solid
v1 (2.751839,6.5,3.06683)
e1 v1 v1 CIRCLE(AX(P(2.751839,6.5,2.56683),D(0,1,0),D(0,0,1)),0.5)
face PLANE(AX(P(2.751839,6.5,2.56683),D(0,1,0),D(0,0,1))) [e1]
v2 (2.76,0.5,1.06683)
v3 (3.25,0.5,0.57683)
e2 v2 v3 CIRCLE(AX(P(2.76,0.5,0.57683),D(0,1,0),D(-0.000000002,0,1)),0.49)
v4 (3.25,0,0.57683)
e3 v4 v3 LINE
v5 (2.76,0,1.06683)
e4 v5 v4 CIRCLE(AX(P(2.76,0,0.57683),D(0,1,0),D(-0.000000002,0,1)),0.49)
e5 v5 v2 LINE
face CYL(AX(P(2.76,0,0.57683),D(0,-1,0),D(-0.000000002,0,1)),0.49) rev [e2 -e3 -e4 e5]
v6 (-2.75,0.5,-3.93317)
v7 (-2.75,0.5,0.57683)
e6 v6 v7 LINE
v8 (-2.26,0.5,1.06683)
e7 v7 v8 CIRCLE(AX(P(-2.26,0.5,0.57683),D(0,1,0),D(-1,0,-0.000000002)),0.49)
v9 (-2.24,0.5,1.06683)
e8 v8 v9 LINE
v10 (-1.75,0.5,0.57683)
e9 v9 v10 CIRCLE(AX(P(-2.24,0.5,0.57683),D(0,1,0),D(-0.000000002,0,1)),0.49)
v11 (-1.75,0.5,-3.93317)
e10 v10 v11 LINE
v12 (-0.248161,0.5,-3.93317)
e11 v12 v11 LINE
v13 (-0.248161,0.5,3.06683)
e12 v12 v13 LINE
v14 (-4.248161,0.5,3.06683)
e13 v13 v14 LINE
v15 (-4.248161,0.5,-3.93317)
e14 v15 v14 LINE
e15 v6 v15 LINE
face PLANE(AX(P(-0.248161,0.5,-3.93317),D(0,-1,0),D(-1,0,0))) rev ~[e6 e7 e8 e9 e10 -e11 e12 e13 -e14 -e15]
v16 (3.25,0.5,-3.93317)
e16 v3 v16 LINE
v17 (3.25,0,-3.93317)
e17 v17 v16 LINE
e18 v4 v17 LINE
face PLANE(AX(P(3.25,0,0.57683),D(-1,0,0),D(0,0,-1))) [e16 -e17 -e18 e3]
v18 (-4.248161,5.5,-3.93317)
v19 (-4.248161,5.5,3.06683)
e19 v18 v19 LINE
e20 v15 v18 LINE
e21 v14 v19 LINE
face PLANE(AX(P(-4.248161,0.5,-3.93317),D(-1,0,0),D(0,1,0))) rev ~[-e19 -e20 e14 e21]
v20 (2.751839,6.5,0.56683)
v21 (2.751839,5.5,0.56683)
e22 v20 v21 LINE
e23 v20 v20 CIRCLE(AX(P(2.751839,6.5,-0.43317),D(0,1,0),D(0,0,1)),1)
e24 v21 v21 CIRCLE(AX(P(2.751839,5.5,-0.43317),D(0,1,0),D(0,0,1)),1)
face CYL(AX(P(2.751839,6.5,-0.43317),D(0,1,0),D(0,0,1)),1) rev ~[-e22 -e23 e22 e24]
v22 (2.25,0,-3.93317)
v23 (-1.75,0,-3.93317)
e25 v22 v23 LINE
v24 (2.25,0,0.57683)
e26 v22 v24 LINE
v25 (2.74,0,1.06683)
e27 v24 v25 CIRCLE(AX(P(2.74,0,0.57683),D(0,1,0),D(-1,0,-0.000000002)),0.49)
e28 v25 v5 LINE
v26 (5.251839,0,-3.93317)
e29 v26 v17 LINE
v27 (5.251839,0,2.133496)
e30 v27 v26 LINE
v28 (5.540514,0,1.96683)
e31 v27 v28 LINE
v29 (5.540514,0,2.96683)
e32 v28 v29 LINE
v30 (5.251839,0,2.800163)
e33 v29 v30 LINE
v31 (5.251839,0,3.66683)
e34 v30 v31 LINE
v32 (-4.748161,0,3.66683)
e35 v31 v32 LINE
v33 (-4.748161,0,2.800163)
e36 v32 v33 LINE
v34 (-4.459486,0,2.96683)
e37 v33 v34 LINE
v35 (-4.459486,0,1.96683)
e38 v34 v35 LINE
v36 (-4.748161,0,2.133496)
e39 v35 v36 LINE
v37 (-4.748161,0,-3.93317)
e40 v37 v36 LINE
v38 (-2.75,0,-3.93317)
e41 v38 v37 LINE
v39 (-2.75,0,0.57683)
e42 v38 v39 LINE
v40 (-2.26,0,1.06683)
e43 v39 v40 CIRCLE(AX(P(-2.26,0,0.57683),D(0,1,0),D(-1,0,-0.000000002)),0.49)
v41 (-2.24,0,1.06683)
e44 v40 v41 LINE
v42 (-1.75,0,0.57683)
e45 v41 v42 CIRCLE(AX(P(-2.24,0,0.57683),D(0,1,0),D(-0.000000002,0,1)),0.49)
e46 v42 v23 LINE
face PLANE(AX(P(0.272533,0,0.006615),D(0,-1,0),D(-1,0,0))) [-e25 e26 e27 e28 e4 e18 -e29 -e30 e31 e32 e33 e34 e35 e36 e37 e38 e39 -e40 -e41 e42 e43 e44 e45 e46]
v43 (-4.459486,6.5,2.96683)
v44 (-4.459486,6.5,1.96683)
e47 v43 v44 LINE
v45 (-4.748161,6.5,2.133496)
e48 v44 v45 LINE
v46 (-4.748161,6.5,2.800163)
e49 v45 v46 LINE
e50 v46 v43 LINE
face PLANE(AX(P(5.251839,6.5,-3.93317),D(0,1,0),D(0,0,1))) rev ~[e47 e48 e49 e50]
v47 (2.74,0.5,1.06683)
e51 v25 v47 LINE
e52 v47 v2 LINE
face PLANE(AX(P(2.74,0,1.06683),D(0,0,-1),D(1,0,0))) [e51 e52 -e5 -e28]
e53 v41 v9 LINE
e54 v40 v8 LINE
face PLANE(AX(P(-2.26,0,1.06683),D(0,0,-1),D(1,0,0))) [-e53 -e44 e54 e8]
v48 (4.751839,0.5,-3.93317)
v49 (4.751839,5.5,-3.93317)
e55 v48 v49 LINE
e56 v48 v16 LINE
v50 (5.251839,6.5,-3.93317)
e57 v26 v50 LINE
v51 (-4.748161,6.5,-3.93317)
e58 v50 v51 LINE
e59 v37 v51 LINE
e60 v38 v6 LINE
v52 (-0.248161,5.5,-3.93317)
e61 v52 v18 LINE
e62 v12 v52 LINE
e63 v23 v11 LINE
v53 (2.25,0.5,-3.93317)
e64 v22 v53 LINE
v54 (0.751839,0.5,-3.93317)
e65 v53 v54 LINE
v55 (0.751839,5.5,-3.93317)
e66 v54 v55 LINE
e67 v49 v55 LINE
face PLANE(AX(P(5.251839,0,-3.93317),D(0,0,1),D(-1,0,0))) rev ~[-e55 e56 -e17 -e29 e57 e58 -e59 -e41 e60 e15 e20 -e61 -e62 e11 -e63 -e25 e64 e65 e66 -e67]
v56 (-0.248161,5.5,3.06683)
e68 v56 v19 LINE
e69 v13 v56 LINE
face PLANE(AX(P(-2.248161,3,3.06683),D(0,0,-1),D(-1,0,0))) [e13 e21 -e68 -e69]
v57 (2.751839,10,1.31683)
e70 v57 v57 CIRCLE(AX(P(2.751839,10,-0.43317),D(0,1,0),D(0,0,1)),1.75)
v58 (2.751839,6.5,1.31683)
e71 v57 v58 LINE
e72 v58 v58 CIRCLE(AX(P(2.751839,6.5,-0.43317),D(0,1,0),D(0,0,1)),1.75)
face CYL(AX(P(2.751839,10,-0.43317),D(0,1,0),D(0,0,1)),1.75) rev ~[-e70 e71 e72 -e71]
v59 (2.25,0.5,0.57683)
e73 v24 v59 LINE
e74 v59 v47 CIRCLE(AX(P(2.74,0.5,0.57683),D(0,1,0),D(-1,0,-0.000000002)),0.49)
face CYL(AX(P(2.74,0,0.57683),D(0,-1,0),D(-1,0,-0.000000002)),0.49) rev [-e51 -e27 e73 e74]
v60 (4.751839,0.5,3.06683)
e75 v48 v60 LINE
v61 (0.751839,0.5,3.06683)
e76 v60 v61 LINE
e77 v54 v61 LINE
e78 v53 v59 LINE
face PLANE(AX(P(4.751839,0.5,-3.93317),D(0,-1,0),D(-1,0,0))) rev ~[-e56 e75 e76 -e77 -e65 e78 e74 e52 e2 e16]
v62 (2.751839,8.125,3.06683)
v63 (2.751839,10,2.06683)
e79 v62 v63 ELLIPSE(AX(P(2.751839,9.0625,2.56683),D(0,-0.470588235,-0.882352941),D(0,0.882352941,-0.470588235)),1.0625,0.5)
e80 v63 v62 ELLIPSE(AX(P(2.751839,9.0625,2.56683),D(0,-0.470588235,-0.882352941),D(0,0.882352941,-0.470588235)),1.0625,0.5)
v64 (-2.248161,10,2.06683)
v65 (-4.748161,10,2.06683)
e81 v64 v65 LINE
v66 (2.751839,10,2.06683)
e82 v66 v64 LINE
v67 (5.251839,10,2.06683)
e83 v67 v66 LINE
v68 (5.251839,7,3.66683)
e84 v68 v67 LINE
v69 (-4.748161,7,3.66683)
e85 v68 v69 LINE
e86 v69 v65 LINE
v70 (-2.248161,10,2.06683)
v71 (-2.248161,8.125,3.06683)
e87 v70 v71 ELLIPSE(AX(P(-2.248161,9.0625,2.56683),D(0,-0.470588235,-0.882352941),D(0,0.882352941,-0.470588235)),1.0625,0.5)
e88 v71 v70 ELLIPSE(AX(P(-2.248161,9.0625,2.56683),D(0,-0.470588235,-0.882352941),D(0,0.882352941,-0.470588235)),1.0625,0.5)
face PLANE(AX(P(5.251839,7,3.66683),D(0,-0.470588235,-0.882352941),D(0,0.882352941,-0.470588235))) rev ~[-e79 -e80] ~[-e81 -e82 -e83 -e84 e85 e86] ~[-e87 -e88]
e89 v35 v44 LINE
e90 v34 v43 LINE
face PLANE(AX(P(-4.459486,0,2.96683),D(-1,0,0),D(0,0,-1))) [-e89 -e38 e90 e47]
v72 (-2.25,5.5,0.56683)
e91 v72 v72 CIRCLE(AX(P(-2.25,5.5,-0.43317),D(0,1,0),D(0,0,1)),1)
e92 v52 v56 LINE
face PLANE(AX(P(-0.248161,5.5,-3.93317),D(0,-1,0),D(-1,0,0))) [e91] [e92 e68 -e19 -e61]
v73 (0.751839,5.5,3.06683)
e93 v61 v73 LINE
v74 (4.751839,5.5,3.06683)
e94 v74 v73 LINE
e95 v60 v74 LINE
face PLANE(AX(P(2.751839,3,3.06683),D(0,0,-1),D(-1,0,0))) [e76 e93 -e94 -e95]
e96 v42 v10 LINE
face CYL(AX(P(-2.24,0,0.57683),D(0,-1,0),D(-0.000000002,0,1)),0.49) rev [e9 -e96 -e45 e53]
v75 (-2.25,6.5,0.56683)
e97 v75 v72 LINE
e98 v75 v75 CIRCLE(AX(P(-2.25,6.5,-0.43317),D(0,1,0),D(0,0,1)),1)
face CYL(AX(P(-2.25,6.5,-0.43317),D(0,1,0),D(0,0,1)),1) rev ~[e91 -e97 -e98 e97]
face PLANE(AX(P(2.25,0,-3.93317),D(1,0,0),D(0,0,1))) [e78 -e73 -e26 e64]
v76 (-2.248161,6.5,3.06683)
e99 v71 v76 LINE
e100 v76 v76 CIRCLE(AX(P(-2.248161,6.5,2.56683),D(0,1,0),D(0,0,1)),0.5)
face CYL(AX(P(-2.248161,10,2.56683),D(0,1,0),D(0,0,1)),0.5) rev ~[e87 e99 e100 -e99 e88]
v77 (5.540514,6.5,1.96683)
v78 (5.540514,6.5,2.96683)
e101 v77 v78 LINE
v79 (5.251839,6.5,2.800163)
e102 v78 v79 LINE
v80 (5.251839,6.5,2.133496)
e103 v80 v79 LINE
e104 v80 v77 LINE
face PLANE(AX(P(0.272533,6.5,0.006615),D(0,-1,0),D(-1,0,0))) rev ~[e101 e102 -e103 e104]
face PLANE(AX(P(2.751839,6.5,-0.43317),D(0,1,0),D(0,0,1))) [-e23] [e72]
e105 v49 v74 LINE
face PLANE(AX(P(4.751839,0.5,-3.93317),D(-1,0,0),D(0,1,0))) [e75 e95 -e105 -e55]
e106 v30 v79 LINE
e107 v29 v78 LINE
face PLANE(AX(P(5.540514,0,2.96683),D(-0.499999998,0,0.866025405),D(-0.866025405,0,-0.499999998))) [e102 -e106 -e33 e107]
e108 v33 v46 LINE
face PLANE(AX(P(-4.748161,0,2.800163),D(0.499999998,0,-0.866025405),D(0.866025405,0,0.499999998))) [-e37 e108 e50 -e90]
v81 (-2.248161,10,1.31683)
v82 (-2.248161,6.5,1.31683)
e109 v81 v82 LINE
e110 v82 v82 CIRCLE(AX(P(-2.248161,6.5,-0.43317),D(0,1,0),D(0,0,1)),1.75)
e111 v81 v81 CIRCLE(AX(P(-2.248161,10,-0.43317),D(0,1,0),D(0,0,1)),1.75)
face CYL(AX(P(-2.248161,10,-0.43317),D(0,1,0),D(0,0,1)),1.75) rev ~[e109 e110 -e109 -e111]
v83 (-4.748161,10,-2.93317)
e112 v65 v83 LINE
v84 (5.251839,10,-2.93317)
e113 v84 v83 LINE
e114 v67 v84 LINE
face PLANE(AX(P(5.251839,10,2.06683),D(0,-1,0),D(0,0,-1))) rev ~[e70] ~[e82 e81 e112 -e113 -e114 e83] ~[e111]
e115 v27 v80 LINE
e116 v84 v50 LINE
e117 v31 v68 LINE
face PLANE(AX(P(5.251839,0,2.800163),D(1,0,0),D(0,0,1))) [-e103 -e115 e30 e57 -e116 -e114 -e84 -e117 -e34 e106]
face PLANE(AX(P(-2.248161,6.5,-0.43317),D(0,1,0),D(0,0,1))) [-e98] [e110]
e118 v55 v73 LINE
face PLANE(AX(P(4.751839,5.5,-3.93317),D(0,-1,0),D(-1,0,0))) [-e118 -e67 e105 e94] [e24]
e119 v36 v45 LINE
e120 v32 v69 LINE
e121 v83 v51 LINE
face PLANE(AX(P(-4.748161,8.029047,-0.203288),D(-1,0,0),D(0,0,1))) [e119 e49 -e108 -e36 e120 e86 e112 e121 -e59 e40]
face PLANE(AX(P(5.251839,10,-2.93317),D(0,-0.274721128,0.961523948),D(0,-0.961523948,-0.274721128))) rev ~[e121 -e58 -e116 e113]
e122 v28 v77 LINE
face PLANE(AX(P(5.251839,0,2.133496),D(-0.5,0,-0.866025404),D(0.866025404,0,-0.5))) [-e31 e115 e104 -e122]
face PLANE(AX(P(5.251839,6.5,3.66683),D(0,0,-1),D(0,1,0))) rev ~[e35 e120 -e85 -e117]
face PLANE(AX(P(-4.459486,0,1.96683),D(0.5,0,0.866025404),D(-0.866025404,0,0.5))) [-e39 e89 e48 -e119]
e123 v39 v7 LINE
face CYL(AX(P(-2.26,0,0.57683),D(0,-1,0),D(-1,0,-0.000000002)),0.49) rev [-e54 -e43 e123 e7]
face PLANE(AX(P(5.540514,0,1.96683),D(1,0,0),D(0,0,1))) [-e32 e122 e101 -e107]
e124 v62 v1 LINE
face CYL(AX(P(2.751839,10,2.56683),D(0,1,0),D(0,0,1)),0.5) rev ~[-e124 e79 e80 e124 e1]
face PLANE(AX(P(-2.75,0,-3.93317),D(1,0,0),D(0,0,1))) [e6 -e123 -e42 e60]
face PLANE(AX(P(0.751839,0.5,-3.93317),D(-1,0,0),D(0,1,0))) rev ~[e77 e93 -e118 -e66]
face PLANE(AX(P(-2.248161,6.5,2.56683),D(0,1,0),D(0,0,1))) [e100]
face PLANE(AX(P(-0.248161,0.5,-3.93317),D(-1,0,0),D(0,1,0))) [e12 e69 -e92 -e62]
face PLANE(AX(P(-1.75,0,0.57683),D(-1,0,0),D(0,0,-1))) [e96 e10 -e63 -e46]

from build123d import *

# Parameters (mm, degrees)
BOSS_EXTRUDE1_DEPTH = 6.5
SKETCH2_W           = 4
SKETCH2_H           = 5
CUT_EXTRUDE1_DEPTH  = 7
CUT_EXTRUDE2_DEPTH  = 0.5
BOSS_EXTRUDE2_DEPTH = 10
SKETCH5_R           = 1.75
SKETCH5_R_2         = 0.5
CUT_EXTRUDE3_DEPTH  = 3.5
SKETCH7_R           = 1
CUT_EXTRUDE4_DEPTH  = 1


with BuildPart() as part:
    # Sketch1 → Boss-Extrude1 (new body)
    with BuildSketch(Plane(origin=(0, 0, 0), x_dir=(1, 0, 0), z_dir=(0, 1, 0))):
        Polygon((-4.748160816, 3.12599073), (-4.748160816, 3.933170407), (5.060522517, 3.933170407), (5.251839184, 3.933170407), (5.251839184, 2.992820323), (5.251839184, 1.607179677), (5.251839184, -2.13349626), (5.540514319, -1.966829593), (5.540514319, -2.966829593), (5.251839184, -2.800162927), (5.251839184, -3.666829593), (-4.748160816, -3.666829593), (-4.748160816, -2.800162927), (-4.459485681, -2.966829593), (-4.459485681, -1.966829593), (-4.748160816, -2.13349626), (-4.748160816, 1.740350084), align=None)
    extrude(amount=BOSS_EXTRUDE1_DEPTH)

    # Sketch2 → Cut-Extrude1 (cut)
    with BuildSketch(Plane(origin=(0, 0, -3.933170407), x_dir=(-1, 0, 0), z_dir=(0, 0, -1))):
        with Locations((-2.751839184, 3)):
            Rectangle(SKETCH2_W, SKETCH2_H)
        with Locations((2.248160816, 3)):
            Rectangle(SKETCH2_W, SKETCH2_H)
    extrude(amount=-CUT_EXTRUDE1_DEPTH, mode=Mode.SUBTRACT)

    # Sketch3 → Cut-Extrude2 (cut)
    with BuildSketch(Plane(origin=(0, 0, 0), x_dir=(-1, 0, 0), z_dir=(0, -1, 0))):
        with BuildLine():
            Line((-3.25, 3.933170407), (-2.25, 3.933170407))
            Line((-2.25, 3.933170407), (-2.25, -0.576829593))
            ThreePointArc((-2.25, -0.576829593), (-2.393517677, -0.923311916), (-2.74, -1.066829593))
            Line((-2.74, -1.066829593), (-2.76, -1.066829593))
            ThreePointArc((-2.76, -1.066829593), (-3.106482323, -0.923311916), (-3.25, -0.576829593))
            Line((-3.25, -0.576829593), (-3.25, 3.933170407))
        make_face()
        with BuildLine():
            Line((1.75, 3.933170407), (2.75, 3.933170407))
            Line((2.75, 3.933170407), (2.75, -0.576829593))
            ThreePointArc((2.75, -0.576829593), (2.606482323, -0.923311916), (2.26, -1.066829593))
            Line((2.26, -1.066829593), (2.24, -1.066829593))
            ThreePointArc((2.24, -1.066829593), (1.893517677, -0.923311916), (1.75, -0.576829593))
            Line((1.75, -0.576829593), (1.75, 3.933170407))
        make_face()
    extrude(amount=-CUT_EXTRUDE2_DEPTH, mode=Mode.SUBTRACT)

    # Sketch4 → Boss-Extrude2 (add)
    with BuildSketch(Plane(origin=(5.251839184, 0, 0), x_dir=(0, 0, -1), z_dir=(1, 0, 0))):
        Polygon((3.933170407, 6.5), (-3.666829593, 6.5), (-3.666829593, 7), (-2.066829593, 10), (2.933170407, 10), align=None)
    extrude(amount=-BOSS_EXTRUDE2_DEPTH)

    # Sketch5 → Cut-Extrude3 (cut)
    with BuildSketch(Plane(origin=(0, 10, 0), x_dir=(1, 0, 0), z_dir=(0, 1, 0))):
        with Locations(Location((-2.248160816, 0.433170407, 0), (0, 0, 270))):
            Circle(SKETCH5_R)
        with Locations(Location((2.751839184, 0.433170407, 0), (0, 0, 270))):
            Circle(SKETCH5_R)
        with Locations(Location((-2.248160816, -2.566829593, 0), (0, 0, 270))):
            Circle(SKETCH5_R_2)
        with Locations(Location((2.751839184, -2.566829593, 0), (0, 0, 270))):
            Circle(SKETCH5_R_2)
    extrude(amount=-CUT_EXTRUDE3_DEPTH, mode=Mode.SUBTRACT)

    # Sketch7 → Cut-Extrude4 (cut)
    with BuildSketch(Plane(origin=(0, 6.5, 0), x_dir=(1, 0, 0), z_dir=(0, 1, 0))):
        with Locations(Location((-2.25, 0.433170407, 0), (0, 0, 270))):
            Circle(SKETCH7_R)
        with Locations(Location((2.751839184, 0.433170407, 0), (0, 0, 270))):
            Circle(SKETCH7_R)
    extrude(amount=-CUT_EXTRUDE4_DEPTH, mode=Mode.SUBTRACT)


solid = part.part
